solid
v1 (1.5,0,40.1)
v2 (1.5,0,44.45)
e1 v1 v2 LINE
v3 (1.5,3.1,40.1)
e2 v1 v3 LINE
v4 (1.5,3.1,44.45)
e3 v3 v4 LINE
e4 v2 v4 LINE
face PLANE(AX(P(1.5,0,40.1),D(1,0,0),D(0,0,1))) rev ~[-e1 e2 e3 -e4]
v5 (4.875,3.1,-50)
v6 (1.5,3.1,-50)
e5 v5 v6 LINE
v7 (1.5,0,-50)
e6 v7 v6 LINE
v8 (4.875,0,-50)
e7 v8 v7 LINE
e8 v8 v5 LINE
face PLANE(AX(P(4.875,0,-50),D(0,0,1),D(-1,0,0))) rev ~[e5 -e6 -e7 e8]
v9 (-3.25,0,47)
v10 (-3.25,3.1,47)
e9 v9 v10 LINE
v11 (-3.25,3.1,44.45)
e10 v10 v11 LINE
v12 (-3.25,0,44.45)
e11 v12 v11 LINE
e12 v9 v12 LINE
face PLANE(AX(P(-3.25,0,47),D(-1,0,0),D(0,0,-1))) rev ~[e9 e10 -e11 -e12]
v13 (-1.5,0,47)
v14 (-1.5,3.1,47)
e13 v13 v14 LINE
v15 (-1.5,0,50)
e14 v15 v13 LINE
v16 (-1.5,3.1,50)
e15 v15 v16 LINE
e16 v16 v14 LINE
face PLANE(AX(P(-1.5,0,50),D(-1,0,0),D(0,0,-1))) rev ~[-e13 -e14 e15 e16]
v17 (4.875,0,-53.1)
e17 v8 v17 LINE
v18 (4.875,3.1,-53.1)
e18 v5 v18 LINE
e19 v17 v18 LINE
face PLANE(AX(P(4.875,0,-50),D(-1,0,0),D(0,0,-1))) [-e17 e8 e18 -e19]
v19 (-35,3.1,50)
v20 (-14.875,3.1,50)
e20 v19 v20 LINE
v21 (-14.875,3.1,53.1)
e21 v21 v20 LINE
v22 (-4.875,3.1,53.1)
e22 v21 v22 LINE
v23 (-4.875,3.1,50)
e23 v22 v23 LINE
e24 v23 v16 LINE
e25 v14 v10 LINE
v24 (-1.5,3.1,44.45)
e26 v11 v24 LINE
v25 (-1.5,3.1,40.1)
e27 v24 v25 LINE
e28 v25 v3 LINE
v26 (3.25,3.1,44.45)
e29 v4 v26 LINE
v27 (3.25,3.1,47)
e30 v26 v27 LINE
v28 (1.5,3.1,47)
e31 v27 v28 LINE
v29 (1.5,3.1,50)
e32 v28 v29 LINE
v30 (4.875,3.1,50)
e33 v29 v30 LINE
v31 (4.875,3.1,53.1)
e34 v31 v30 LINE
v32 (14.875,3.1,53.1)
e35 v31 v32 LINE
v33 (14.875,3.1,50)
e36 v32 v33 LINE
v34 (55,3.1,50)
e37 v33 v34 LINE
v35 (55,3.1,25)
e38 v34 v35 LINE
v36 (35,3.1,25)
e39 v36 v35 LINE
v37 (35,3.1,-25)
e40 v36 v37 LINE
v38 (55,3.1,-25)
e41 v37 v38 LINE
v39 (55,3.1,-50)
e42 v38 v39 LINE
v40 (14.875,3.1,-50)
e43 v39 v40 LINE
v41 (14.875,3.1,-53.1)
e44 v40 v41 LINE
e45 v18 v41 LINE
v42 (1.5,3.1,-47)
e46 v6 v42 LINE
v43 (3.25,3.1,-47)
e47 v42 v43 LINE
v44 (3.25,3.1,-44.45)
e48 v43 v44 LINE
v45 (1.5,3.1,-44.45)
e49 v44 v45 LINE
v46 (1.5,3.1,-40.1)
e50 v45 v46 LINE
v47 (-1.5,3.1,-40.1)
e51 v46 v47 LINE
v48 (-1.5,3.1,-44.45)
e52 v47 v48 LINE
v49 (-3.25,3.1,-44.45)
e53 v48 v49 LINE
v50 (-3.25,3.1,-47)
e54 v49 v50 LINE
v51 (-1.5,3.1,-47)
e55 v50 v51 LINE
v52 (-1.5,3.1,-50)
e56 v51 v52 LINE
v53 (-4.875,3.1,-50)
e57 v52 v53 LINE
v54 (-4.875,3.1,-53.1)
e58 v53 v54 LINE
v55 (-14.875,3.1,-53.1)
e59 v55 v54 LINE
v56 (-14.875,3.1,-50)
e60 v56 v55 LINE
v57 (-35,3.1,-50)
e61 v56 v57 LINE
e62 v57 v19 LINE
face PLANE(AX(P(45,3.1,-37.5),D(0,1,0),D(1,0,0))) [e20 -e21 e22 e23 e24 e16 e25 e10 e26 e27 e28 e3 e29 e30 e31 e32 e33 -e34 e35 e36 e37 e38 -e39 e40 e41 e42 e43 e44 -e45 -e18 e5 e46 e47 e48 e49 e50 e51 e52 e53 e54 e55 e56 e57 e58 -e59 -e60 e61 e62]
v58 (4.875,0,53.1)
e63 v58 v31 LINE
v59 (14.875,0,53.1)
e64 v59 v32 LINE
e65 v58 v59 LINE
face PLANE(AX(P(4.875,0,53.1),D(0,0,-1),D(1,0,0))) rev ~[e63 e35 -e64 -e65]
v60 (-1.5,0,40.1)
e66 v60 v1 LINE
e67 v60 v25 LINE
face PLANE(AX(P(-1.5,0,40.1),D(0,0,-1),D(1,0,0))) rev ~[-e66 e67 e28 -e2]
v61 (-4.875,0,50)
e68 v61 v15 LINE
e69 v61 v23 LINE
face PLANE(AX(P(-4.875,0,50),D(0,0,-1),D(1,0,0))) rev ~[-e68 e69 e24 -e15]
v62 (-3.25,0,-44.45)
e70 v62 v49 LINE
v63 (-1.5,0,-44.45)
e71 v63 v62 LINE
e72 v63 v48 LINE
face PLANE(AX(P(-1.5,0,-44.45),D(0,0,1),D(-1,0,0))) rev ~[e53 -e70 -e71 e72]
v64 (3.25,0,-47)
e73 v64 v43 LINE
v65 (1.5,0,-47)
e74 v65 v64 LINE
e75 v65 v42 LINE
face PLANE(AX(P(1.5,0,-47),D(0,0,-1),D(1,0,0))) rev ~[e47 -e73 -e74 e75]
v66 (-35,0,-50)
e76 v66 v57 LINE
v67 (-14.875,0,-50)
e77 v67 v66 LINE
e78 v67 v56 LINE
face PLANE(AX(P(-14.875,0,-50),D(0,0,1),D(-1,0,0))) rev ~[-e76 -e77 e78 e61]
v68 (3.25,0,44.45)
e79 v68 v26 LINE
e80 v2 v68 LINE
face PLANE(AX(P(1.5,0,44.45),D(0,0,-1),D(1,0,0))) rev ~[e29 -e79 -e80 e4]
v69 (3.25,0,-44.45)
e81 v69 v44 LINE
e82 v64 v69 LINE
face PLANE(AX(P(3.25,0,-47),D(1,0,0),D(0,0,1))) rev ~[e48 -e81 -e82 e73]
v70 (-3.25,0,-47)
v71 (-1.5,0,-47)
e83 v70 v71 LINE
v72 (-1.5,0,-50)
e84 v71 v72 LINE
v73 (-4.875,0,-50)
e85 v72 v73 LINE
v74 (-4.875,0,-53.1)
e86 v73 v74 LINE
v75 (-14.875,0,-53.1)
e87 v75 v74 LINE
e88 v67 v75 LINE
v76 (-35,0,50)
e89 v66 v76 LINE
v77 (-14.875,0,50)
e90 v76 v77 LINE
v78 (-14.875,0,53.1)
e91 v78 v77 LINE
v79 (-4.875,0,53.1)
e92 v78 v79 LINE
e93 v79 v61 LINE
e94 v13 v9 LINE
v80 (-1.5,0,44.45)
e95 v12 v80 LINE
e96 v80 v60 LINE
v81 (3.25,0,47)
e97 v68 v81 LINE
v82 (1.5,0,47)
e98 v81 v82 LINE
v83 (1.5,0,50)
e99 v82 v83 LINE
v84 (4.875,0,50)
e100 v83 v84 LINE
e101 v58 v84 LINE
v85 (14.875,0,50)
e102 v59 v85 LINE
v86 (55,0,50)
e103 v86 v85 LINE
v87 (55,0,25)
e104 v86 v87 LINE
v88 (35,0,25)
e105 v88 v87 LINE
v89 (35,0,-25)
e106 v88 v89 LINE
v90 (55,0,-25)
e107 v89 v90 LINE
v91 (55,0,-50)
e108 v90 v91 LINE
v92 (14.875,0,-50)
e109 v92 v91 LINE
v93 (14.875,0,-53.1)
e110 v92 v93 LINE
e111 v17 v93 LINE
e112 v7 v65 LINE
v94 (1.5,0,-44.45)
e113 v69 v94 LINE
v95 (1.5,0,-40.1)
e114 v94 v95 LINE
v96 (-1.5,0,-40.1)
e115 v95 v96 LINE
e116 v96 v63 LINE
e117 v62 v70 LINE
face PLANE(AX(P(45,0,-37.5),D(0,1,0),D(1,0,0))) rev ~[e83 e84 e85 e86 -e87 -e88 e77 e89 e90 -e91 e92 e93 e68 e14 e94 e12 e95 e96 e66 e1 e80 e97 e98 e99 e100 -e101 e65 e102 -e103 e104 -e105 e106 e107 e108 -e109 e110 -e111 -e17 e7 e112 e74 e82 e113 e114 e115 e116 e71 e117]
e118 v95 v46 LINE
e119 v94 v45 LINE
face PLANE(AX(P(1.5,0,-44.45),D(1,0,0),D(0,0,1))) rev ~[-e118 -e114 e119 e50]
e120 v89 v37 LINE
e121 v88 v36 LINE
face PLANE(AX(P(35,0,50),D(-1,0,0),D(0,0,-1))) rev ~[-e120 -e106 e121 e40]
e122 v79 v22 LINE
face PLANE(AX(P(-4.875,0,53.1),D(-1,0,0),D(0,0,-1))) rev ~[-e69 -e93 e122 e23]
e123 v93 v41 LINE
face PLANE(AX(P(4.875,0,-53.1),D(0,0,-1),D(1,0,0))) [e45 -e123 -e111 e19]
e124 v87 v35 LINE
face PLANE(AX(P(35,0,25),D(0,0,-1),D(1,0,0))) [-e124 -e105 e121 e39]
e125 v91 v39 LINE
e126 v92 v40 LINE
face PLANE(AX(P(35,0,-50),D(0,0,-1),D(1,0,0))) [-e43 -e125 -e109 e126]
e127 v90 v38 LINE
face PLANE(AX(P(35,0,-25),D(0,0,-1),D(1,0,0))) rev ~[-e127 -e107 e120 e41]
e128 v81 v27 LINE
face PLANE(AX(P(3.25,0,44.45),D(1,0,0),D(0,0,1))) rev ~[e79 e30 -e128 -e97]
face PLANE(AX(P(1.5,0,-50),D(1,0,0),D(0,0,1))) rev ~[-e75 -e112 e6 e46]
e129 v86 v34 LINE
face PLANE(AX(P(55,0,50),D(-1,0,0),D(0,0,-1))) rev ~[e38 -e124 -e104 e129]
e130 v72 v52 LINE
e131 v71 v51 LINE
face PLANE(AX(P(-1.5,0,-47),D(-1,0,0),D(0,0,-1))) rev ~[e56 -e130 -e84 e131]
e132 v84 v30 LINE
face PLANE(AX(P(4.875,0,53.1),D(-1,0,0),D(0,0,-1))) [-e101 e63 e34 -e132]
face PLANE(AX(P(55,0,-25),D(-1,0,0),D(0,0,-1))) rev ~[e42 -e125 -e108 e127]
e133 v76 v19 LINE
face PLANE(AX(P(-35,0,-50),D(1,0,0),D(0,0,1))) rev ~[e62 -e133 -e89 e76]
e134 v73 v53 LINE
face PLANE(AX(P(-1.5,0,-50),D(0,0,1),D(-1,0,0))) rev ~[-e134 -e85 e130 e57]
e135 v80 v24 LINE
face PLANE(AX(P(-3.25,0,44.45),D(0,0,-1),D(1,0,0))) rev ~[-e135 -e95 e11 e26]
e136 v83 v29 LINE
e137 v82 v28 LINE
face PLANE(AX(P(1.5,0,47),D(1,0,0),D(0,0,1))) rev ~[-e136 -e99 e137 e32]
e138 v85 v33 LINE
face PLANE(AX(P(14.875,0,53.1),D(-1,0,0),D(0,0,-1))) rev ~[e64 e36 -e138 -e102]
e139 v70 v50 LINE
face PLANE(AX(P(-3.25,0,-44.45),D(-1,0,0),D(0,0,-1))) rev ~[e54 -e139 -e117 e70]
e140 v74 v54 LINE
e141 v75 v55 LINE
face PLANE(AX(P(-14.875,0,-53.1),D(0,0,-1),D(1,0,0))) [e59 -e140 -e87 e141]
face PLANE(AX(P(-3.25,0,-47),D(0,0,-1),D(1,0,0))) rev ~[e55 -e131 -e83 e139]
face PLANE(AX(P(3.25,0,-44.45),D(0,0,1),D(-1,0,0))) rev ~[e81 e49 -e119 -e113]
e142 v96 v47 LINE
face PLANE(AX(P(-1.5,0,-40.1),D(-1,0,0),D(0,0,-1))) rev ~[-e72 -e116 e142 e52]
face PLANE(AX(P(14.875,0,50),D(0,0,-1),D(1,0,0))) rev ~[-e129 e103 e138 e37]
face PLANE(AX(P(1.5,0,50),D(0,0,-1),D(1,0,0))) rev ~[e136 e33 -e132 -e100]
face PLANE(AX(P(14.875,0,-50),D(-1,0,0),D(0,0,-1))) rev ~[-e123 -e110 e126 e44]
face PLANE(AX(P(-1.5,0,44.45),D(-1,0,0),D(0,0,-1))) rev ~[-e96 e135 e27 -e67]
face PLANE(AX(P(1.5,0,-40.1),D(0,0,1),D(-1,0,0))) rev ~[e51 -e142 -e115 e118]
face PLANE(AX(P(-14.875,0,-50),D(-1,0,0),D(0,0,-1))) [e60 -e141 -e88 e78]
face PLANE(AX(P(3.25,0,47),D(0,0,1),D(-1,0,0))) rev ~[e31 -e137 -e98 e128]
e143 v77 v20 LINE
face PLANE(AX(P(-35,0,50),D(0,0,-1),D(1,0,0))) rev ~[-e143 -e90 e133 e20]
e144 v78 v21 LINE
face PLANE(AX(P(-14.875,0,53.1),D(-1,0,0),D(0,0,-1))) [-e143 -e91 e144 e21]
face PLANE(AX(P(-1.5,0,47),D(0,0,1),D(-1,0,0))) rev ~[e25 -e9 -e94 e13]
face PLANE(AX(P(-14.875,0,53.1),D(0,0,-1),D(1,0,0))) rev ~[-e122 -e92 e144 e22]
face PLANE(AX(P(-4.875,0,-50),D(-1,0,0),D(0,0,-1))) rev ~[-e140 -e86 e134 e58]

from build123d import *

# Parameters (mm, degrees)
SKETCH_1_W      = 10
SKETCH_1_H      = 3.1
EXTRUDE_1_DEPTH = 3.1
SKETCH_2_W      = 20
SKETCH_2_H      = 25
EXTRUDE_2_DEPTH = 3.1


with BuildPart() as part:
    # 草图1 → 凸台-拉伸1 (new body)
    with BuildSketch(Plane(origin=(0, 0, 0), x_dir=(1, 0, 0), z_dir=(0, 1, 0))):
        Polygon((-35, 50), (-35, -50), (-14.875, -50), (-4.875, -50), (-1.5, -50), (-1.5, -47), (-3.25, -47), (-3.25, -44.45), (-1.5, -44.45), (-1.5, -40.1), (1.5, -40.1), (1.5, -44.45), (3.25, -44.45), (3.25, -47), (1.5, -47), (1.5, -50), (4.875, -50), (14.875, -50), (35, -50), (35, 50), (14.875, 50), (4.875, 50), (1.5, 50), (1.5, 47), (3.25, 47), (3.25, 44.45), (1.5, 44.45), (1.5, 40.1), (-1.5, 40.1), (-1.5, 44.45), (-3.25, 44.45), (-3.25, 47), (-1.5, 47), (-1.5, 50), (-4.875, 50), (-14.875, 50), align=None)
        with Locations((-9.875, 51.55)):
            Rectangle(SKETCH_1_W, SKETCH_1_H)
        with Locations((9.875, 51.55)):
            Rectangle(SKETCH_1_W, SKETCH_1_H)
        with Locations((-9.875, -51.55)):
            Rectangle(SKETCH_1_W, SKETCH_1_H)
        with Locations((9.875, -51.55)):
            Rectangle(SKETCH_1_W, SKETCH_1_H)
    extrude(amount=EXTRUDE_1_DEPTH)

    # 草图2 → 凸台-拉伸2 (add)
    with BuildSketch(Plane(origin=(0, 0, 0), x_dir=(1, 0, 0), z_dir=(0, 1, 0))):
        with Locations((45, 37.5)):
            Rectangle(SKETCH_2_W, SKETCH_2_H)
        with Locations((45, -37.5)):
            Rectangle(SKETCH_2_W, SKETCH_2_H)
    extrude(amount=EXTRUDE_2_DEPTH)


solid = part.part
